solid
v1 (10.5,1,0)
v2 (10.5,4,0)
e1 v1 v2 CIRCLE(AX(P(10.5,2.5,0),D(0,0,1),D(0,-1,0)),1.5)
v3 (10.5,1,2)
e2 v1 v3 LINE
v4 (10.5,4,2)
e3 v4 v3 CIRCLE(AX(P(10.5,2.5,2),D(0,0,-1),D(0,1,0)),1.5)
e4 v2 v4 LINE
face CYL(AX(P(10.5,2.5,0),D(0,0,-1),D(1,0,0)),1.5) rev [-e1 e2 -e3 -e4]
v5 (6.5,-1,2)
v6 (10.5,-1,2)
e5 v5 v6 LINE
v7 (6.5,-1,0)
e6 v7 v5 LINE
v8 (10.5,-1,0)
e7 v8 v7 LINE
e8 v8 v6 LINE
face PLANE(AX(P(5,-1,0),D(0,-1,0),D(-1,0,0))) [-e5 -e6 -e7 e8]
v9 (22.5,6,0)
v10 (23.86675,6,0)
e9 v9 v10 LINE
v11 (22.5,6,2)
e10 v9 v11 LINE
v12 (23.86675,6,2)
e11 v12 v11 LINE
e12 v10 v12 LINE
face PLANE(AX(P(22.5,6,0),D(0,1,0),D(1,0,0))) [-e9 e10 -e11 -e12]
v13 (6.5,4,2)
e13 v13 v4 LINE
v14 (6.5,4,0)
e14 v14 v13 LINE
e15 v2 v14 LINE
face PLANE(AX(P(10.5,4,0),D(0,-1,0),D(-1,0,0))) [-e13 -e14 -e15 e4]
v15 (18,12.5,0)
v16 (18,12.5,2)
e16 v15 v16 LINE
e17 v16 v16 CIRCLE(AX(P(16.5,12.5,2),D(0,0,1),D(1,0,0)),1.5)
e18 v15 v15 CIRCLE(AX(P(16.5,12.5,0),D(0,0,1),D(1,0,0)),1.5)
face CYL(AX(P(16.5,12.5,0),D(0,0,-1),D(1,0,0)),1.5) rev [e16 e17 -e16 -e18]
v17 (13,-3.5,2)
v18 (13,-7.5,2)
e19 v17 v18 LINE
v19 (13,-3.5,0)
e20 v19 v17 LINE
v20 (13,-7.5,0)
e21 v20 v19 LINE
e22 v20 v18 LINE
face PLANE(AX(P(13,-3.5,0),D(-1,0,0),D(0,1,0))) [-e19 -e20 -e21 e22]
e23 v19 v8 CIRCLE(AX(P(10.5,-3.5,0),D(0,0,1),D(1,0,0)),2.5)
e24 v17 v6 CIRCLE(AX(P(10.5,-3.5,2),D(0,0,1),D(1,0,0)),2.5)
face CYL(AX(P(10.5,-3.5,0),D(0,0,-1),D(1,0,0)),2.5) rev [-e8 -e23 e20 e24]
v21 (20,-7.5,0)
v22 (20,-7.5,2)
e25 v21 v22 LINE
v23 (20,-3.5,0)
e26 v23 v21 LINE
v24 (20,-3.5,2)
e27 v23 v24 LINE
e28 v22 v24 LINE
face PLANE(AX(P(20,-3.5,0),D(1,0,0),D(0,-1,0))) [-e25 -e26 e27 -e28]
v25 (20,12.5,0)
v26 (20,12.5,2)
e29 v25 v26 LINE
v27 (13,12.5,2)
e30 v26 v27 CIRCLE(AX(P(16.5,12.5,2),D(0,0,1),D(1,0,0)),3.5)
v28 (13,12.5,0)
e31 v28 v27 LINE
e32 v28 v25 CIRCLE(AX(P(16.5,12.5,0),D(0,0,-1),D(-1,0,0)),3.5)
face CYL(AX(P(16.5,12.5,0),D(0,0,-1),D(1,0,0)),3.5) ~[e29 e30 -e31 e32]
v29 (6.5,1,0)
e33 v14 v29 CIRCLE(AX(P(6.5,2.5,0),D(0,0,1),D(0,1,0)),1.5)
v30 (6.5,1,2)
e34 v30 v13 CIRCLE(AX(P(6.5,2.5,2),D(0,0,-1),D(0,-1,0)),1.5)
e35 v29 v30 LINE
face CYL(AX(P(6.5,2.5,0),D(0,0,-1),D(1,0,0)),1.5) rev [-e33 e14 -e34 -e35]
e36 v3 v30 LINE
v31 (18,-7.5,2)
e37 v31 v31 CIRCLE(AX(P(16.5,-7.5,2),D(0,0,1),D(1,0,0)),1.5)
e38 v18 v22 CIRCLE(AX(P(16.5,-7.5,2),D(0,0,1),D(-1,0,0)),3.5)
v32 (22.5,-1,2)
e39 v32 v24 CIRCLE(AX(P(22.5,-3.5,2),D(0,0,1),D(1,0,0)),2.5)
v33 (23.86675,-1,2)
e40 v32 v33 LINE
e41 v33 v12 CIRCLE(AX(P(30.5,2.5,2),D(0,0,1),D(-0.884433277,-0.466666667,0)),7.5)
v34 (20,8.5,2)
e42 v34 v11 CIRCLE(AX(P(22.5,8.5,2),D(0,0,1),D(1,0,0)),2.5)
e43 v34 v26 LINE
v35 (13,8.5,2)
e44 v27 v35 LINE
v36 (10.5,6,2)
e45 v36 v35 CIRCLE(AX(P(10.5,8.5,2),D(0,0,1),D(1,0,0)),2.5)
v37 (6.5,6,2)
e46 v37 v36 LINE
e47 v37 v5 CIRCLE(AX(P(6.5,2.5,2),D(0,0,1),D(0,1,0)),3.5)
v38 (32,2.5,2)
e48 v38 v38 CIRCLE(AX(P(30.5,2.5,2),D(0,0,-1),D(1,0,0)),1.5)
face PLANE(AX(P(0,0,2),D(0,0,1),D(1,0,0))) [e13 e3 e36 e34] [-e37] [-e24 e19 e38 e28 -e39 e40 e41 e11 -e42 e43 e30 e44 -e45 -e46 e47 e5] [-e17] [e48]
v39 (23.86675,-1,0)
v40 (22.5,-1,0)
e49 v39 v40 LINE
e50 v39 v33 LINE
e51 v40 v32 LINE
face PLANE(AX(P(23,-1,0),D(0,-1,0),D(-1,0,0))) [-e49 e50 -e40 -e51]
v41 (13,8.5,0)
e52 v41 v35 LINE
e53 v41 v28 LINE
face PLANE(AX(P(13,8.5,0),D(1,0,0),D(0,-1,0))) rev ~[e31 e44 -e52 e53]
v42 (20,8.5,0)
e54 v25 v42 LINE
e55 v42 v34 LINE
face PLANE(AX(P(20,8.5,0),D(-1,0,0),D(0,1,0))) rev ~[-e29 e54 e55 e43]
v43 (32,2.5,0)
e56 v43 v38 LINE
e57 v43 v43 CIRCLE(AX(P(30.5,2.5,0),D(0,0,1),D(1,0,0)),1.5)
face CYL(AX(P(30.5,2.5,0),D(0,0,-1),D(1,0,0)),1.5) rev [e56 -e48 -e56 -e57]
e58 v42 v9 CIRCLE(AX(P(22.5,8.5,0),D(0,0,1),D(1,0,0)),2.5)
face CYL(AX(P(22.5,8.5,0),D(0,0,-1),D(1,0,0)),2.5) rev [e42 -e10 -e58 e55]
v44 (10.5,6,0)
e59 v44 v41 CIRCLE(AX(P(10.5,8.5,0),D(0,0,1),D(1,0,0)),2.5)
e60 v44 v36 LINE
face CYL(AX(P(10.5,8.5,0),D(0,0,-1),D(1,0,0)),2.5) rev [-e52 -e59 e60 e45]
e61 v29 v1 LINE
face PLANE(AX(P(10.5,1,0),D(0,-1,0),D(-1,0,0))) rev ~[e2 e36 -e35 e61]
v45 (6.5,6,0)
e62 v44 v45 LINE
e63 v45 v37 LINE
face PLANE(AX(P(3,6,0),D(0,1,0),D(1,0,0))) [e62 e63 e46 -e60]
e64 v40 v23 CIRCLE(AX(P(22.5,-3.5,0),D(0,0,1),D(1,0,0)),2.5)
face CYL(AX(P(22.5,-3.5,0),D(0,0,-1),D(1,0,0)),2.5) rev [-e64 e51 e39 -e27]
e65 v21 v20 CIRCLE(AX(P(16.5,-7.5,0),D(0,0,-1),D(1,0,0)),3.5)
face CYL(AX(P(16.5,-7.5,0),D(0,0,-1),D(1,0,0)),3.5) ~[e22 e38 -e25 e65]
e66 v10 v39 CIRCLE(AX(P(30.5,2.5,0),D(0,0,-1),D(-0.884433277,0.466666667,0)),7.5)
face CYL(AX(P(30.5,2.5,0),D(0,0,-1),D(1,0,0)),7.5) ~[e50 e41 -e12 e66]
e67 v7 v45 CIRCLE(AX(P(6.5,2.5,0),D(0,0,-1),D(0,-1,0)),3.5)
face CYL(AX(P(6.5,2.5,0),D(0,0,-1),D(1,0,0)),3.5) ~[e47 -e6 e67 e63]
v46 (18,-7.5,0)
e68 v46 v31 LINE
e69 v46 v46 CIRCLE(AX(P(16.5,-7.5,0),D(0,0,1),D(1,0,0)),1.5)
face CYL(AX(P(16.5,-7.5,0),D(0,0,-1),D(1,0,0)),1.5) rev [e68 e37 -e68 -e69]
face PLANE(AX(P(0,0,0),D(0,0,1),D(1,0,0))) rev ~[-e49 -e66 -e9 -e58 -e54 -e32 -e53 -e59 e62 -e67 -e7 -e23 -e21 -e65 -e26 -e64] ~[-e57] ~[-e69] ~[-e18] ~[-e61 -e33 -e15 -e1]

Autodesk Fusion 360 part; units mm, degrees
sketch "Sketch1" plane through (0, 0, 0) normal (0, 0, 1) x (1, 0, 0)
  line L0 (3, 6) -> (38, 6)
  line L1 (38, 6) -> (38, -1)
  line L2 (38, -1) -> (3, -1)
  line L3 (3, -1) -> (3, 6)
  line L4 (3, 6) -> (5, 6)
  line L5 (5, 6) -> (5, -1)
  line L6 (5, -1) -> (3, -1)
  line L7 (3, -1) -> (3, 6)
  line L8 (5, 2.5) -> (12, 2.5)
  line L9 (12, 2.5) -> (12, 4)
  line L10 (12, 4) -> (5, 4)
  line L11 (5, 4) -> (5, 2.5)
  line L12 (5, 2.5) -> (12, 2.5)
  line L13 (12, 2.5) -> (12, 1)
  line L14 (12, 1) -> (5, 1)
  line L15 (5, 1) -> (5, 2.5)
  circle A0 centre (6.5, 2.5) radius 1.5
  circle A1 centre (10.5, 2.5) radius 1.5
  line L16 (3, -1) -> (13, -1)
  line L17 (13, -1) -> (13, 6)
  line L18 (13, 6) -> (3, 6)
  line L19 (3, 6) -> (3, -1)
  line L20 (13, 2.5) -> (20, 2.5)
  line L21 (20, 2.5) -> (20, 16)
  line L22 (20, 16) -> (13, 16)
  line L23 (13, 16) -> (13, 2.5)
  line L24 (13, 2.5) -> (20, 2.5)
  line L25 (20, 2.5) -> (20, -11)
  line L26 (20, -11) -> (13, -11)
  line L27 (13, -11) -> (13, 2.5)
  line L28 (20, 16) -> (20, 14)
  line L29 (13, 14) -> (13, 16)
  line L30 (13, -11) -> (20, -11)
  line L31 (20, -11) -> (20, -9)
  line L32 (13, -9) -> (13, -11)
  line L33 (20, -11) -> (20, -4)
  line L34 (20, -4) -> (13, -4)
  line L35 (13, -4) -> (13, -11)
  circle A2 centre (16.5, -7.5) radius 3.5
  circle A3 centre (16.5, -7.5) radius 1.5
  line L36 (13, 16) -> (20, 16)
  line L37 (20, 16) -> (20, 9)
  line L38 (20, 9) -> (13, 9)
  line L39 (13, 9) -> (13, 16)
  circle A4 centre (16.5, 12.5) radius 3.5
  circle A5 centre (16.5, 12.5) radius 1.5
  line L40 (38, 2.5) -> (23, 2.5)
  line L41 (23, 2.5) -> (23, 10)
  line L42 (23, 10) -> (38, 10)
  line L43 (38, 10) -> (38, 2.5)
  line L44 (23, 2.5) -> (38, 2.5)
  line L45 (38, 2.5) -> (38, -5)
  line L46 (38, -5) -> (23, -5)
  line L47 (23, -5) -> (23, 2.5)
  circle A6 centre (30.5, 2.5) radius 7.5
  circle A7 centre (30.5, 2.5) radius 1.5
  circle A8 centre (22.5, -3.5) radius 2.5
  circle A9 centre (22.5, 8.5) radius 2.5
  circle A10 centre (6.5, 2.5) radius 3.5
  circle A11 centre (10.5, 8.5) radius 2.5
  circle A12 centre (10.5, -3.5) radius 2.5
  dimension "d1" = 35
  dimension "d2" = 7
  dimension "d3" = 2
  dimension "d4" = 7
  dimension "d5" = 1.5
  dimension "d6" = 3
  dimension "d7" = 3
  dimension "d10" = 10
  dimension "d11" = 7
  dimension "d12" = 13.5
  dimension "d13" = 13.5
  dimension "d17" = 7
  dimension "d18" = 3
  dimension "d19" = 7
  dimension "d20" = 3
  dimension "d21" = 15
  dimension "d22" = 7.5
  dimension "d23" = 7.5
  dimension "d24" = 15
  dimension "d25" = 3
  dimension "d26" = 5
  dimension "d27" = 5
  dimension "d30" = 7
  dimension "d31" = 5
  dimension "d32" = 5
extrude "Extrude1" add sketch "Sketch1" along normal blind 2 contours L0 L3 L4 L5 L7 L18 L19 A10 | L0 L5 L18 A10 | L2 L3 L5 L6 L7 L16 L19 A10 | L5 L11 L15 A10 | L0 L2 L9 L10 L13 L14 L16 L17 L18 L23 L27 A10 | L5 L10 A10 | L2 L5 L16 A10 | L5 L14 A10 | L5 L10 L11 A0 | L5 L14 L15 A0 | L0 L21 L23 L38 | L0 L17 L20 L21 L23 L24 | L9 L10 A1 | L0 L21 A9 | L0 L2 L21 L25 L41 L47 | L2 L17 L20 L24 L25 L27 | L23 L38 L39 A4 | L13 L14 A1 | L2 L25 L27 L34 | A4 | L21 L37 L38 A4 | L2 L25 A8 | L27 L34 L35 A2 | L0 L41 A6 | A2 | L25 L33 L34 A2 | L0 A6 | L0 L40 L44 A6 A7 | L2 L47 A6 | L2 L40 L44 A6 A7 | L2 A6
extrude "Extrude2" add sketch "Sketch1" along normal blind 2 contours L2 L16 L27 A12
extrude "Extrude3" add sketch "Sketch1" along normal blind 2 contours L0 L18 L23 A11
extrude "Extrude4" cut sketch "Sketch1" along normal blind 2 contours L0 L3 L4 L5 L7 L18 L19 A10
extrude "Extrude5" cut sketch "Sketch1" along normal blind 2 contours L0 L5 L18 A10 | L2 L3 L5 L6 L7 L16 L19 A10 | L2 L5 L16 A10
